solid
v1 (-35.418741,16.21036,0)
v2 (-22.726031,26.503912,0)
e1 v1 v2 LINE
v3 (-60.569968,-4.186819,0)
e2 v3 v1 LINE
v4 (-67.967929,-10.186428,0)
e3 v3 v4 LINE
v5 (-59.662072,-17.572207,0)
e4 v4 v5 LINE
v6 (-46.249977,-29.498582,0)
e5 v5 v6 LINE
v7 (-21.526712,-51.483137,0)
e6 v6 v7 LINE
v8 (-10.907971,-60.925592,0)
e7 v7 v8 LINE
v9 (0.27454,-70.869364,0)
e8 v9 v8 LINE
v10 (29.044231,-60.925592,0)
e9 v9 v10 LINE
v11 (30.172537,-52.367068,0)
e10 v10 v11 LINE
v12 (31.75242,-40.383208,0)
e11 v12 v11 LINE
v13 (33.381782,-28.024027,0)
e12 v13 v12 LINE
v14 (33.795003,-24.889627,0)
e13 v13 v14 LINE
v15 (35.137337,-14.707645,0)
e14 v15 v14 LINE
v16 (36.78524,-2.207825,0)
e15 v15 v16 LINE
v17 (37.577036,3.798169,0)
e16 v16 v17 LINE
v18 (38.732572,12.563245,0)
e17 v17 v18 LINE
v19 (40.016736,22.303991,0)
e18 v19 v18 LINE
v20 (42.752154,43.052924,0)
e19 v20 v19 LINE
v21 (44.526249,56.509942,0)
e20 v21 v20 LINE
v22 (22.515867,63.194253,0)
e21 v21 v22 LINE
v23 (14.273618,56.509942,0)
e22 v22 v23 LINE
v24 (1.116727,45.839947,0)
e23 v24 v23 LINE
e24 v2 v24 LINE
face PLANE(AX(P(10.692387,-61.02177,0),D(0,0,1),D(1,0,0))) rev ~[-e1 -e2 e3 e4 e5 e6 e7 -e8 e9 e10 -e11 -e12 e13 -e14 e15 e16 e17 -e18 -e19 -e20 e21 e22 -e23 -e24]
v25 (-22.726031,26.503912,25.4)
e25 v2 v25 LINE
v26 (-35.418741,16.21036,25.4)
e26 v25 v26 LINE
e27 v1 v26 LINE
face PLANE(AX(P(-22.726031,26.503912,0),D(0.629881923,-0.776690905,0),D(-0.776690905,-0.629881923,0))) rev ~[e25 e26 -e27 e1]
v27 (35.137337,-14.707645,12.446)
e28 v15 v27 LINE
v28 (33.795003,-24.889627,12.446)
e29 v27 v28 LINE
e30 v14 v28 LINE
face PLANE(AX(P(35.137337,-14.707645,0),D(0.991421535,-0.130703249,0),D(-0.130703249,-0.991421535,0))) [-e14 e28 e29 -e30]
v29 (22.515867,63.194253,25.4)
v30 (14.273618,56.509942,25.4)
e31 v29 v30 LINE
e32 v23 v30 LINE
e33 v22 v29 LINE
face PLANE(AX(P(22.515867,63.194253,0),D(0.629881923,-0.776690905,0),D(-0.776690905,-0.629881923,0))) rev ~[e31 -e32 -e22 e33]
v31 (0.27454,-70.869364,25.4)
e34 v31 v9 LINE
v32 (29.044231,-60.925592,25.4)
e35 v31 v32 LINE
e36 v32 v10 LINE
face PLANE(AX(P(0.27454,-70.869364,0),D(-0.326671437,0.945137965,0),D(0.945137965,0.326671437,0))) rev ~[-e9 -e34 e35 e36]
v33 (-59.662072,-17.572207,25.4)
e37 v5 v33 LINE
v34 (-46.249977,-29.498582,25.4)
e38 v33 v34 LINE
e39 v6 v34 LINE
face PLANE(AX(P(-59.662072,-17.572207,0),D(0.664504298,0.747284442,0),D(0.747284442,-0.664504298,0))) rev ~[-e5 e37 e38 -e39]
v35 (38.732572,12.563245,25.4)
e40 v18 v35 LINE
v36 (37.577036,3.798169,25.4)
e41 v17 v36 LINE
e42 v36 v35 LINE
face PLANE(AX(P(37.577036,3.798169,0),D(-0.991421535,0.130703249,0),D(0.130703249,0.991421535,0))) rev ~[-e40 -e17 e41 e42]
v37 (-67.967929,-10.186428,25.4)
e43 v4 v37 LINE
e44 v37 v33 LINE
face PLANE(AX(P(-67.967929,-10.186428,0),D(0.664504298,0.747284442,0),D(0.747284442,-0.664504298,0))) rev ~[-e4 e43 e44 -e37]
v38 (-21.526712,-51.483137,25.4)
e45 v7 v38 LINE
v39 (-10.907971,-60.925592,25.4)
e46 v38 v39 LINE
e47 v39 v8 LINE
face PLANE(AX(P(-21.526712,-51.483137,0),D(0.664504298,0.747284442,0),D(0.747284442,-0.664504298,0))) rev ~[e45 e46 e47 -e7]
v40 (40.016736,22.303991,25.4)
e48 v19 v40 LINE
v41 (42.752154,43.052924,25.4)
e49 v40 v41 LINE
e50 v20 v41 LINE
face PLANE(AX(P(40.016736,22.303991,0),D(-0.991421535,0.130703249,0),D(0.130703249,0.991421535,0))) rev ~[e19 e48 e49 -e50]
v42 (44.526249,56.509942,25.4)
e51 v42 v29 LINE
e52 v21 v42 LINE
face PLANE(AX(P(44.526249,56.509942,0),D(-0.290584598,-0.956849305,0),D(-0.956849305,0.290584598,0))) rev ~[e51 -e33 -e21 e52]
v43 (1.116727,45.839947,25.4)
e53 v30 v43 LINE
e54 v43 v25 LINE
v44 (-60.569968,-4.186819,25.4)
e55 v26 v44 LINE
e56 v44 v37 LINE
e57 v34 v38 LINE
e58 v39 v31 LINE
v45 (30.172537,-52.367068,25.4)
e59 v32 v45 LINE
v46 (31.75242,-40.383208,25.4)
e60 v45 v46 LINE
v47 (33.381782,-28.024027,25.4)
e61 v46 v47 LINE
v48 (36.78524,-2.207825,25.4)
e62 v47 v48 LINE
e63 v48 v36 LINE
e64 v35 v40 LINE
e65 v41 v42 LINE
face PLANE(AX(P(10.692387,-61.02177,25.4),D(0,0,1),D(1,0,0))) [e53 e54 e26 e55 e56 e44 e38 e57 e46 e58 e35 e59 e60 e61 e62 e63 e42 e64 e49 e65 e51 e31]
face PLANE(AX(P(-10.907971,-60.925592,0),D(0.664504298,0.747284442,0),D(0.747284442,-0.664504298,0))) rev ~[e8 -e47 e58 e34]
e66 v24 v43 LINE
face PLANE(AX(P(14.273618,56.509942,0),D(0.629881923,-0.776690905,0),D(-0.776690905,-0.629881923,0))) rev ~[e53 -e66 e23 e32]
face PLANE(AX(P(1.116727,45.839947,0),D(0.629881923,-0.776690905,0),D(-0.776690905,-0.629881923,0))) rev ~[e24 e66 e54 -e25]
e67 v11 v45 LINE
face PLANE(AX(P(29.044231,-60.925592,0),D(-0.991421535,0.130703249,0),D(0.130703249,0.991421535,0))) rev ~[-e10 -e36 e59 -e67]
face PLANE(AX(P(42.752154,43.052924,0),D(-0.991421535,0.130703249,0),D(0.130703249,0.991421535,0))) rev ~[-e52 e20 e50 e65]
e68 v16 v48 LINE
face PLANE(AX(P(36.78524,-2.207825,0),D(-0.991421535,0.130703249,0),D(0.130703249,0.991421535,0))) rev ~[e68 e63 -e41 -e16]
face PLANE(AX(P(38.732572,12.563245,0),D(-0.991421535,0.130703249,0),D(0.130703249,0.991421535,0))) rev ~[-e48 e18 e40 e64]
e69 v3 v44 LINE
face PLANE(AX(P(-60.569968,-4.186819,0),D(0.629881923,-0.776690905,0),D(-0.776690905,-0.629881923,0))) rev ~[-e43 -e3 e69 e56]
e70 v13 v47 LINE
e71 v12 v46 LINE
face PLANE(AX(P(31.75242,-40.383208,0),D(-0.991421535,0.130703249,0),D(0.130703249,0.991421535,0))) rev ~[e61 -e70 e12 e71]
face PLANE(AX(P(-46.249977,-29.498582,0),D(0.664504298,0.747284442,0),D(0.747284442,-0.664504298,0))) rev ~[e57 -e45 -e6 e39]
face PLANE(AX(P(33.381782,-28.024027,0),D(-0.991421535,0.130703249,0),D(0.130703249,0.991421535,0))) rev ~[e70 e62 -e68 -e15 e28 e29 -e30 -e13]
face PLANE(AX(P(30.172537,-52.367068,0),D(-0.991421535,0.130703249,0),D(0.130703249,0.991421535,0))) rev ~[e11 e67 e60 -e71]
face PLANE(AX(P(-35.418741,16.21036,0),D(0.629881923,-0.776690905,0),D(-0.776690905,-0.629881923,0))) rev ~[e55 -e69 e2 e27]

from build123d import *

# Parameters (mm, degrees)
F1_DEPTH = 25.4
F3_DEPTH = 12.446


with BuildPart() as f1:
    # F0 (on Top) → F1 (new body)
    with BuildSketch(Plane.XY):
        Polygon((-10.9079706873, -60.925591737), (0.2745396632, -70.8693638444), (29.0442313999, -60.925591737), (30.1725374462, -52.3670676145), align=None)
        Polygon((-21.5267124463, -51.4831369743), (-10.9079706873, -60.925591737), (30.1725374462, -52.3670676145), (31.7524198559, -40.3832075977), align=None)
        Polygon((-46.249977242, -29.4985822389), (-21.5267124463, -51.4831369743), (31.7524198559, -40.3832075977), (33.3817823364, -28.0240270901), (36.7852402851, -2.2078249604), (-59.6620724179, -17.5722066997), align=None)
        Polygon((-67.967928946, -10.1864282042), (-59.6620724179, -17.5722066997), (36.7852402851, -2.2078249604), (37.5770356191, 3.7981691482), (-60.5699678827, -4.1868189491), align=None)
        Polygon((-35.4187405533, 16.2103600804), (-60.5699678827, -4.1868189491), (37.5770356191, 3.7981691482), (38.7325722141, 12.5632447722), align=None)
        Polygon((-22.7260310203, 26.5039121732), (-35.4187405533, 16.2103600804), (38.7325722141, 12.5632447722), (40.0167355147, 22.303990753), align=None)
        Polygon((1.1167273822, 45.8399471636), (-22.7260310203, 26.5039121732), (40.0167355147, 22.303990753), (41.1537304905, 30.9284228918), (42.7521542511, 43.0529243591), align=None)
        Polygon((14.2736183781, 56.5099418163), (1.1167273822, 45.8399471636), (42.7521542511, 43.0529243591), (44.5262491703, 56.5099418163), (22.5158669055, 63.1942525506), align=None)
    extrude(amount=F1_DEPTH)

    # F2 (on face) → F3 (join)
    with BuildSketch(Plane(origin=(0, 0, 0), x_dir=(1, 0, 0), z_dir=(0, 0, -1))):
        Polygon((-5.6606122053, 65.5916761202), (29.5762278748, 56.8902462923), (29.0442313999, 60.925591737), (0.2745396632, 70.8693638444), align=None)
        Polygon((31.1177541978, 45.1973281655), (29.5762278748, 56.8902462923), (-5.6606122053, 65.5916761202), (-10.9079706873, 60.925591737), align=None)
        Polygon((32.7161779903, 33.0728264567), (31.1177541978, 45.1973281655), (-10.9079706873, 60.925591737), (-31.0928176625, 42.9767133499), (33.7950034008, 24.8896271106), align=None)
        Polygon((33.7950034008, 24.8896271106), (-31.0928176625, 42.9767133499), (-40.8061932377, 34.3393331834), (35.1373366924, 14.7076451082), align=None)
        Polygon((37.7069355989, -4.7834976536), (-67.967928946, 10.1864282042), (-43.0405799332, -10.0291896615), (38.3984971257, -10.0291896615), align=None)
        Polygon((38.3984971257, -10.0291896615), (-43.0405799332, -10.0291896615), (-23.2538356351, -26.0758724168), (39.8336470715, -20.9152125374), align=None)
        Polygon((39.8336470715, -20.9152125374), (-23.2538356351, -26.0758724168), (-4.9302105355, -40.93599263), (41.2526911519, -31.6790678174), align=None)
        Polygon((36.7852402851, 2.2078249604), (-50.7659296205, 25.4828827321), (-67.967928946, 10.1864282042), (37.7069355989, -4.7834976536), align=None)
        Polygon((35.1373366924, 14.7076451082), (-40.8061932377, 34.3393331834), (-50.7659296205, 25.4828827321), (36.7852402851, 2.2078249604), align=None)
        Polygon((41.2526911519, -31.6790678174), (-4.9302105355, -40.93599263), (6.8583674702, -50.4963108179), (43.1034975337, -45.7179636621), align=None)
        Polygon((43.1034975337, -45.7179636621), (6.8583674702, -50.4963108179), (22.5158669055, -63.1942525506), (44.5262491703, -56.5099418163), align=None)
    extrude(amount=-F3_DEPTH)


solid = f1.part
